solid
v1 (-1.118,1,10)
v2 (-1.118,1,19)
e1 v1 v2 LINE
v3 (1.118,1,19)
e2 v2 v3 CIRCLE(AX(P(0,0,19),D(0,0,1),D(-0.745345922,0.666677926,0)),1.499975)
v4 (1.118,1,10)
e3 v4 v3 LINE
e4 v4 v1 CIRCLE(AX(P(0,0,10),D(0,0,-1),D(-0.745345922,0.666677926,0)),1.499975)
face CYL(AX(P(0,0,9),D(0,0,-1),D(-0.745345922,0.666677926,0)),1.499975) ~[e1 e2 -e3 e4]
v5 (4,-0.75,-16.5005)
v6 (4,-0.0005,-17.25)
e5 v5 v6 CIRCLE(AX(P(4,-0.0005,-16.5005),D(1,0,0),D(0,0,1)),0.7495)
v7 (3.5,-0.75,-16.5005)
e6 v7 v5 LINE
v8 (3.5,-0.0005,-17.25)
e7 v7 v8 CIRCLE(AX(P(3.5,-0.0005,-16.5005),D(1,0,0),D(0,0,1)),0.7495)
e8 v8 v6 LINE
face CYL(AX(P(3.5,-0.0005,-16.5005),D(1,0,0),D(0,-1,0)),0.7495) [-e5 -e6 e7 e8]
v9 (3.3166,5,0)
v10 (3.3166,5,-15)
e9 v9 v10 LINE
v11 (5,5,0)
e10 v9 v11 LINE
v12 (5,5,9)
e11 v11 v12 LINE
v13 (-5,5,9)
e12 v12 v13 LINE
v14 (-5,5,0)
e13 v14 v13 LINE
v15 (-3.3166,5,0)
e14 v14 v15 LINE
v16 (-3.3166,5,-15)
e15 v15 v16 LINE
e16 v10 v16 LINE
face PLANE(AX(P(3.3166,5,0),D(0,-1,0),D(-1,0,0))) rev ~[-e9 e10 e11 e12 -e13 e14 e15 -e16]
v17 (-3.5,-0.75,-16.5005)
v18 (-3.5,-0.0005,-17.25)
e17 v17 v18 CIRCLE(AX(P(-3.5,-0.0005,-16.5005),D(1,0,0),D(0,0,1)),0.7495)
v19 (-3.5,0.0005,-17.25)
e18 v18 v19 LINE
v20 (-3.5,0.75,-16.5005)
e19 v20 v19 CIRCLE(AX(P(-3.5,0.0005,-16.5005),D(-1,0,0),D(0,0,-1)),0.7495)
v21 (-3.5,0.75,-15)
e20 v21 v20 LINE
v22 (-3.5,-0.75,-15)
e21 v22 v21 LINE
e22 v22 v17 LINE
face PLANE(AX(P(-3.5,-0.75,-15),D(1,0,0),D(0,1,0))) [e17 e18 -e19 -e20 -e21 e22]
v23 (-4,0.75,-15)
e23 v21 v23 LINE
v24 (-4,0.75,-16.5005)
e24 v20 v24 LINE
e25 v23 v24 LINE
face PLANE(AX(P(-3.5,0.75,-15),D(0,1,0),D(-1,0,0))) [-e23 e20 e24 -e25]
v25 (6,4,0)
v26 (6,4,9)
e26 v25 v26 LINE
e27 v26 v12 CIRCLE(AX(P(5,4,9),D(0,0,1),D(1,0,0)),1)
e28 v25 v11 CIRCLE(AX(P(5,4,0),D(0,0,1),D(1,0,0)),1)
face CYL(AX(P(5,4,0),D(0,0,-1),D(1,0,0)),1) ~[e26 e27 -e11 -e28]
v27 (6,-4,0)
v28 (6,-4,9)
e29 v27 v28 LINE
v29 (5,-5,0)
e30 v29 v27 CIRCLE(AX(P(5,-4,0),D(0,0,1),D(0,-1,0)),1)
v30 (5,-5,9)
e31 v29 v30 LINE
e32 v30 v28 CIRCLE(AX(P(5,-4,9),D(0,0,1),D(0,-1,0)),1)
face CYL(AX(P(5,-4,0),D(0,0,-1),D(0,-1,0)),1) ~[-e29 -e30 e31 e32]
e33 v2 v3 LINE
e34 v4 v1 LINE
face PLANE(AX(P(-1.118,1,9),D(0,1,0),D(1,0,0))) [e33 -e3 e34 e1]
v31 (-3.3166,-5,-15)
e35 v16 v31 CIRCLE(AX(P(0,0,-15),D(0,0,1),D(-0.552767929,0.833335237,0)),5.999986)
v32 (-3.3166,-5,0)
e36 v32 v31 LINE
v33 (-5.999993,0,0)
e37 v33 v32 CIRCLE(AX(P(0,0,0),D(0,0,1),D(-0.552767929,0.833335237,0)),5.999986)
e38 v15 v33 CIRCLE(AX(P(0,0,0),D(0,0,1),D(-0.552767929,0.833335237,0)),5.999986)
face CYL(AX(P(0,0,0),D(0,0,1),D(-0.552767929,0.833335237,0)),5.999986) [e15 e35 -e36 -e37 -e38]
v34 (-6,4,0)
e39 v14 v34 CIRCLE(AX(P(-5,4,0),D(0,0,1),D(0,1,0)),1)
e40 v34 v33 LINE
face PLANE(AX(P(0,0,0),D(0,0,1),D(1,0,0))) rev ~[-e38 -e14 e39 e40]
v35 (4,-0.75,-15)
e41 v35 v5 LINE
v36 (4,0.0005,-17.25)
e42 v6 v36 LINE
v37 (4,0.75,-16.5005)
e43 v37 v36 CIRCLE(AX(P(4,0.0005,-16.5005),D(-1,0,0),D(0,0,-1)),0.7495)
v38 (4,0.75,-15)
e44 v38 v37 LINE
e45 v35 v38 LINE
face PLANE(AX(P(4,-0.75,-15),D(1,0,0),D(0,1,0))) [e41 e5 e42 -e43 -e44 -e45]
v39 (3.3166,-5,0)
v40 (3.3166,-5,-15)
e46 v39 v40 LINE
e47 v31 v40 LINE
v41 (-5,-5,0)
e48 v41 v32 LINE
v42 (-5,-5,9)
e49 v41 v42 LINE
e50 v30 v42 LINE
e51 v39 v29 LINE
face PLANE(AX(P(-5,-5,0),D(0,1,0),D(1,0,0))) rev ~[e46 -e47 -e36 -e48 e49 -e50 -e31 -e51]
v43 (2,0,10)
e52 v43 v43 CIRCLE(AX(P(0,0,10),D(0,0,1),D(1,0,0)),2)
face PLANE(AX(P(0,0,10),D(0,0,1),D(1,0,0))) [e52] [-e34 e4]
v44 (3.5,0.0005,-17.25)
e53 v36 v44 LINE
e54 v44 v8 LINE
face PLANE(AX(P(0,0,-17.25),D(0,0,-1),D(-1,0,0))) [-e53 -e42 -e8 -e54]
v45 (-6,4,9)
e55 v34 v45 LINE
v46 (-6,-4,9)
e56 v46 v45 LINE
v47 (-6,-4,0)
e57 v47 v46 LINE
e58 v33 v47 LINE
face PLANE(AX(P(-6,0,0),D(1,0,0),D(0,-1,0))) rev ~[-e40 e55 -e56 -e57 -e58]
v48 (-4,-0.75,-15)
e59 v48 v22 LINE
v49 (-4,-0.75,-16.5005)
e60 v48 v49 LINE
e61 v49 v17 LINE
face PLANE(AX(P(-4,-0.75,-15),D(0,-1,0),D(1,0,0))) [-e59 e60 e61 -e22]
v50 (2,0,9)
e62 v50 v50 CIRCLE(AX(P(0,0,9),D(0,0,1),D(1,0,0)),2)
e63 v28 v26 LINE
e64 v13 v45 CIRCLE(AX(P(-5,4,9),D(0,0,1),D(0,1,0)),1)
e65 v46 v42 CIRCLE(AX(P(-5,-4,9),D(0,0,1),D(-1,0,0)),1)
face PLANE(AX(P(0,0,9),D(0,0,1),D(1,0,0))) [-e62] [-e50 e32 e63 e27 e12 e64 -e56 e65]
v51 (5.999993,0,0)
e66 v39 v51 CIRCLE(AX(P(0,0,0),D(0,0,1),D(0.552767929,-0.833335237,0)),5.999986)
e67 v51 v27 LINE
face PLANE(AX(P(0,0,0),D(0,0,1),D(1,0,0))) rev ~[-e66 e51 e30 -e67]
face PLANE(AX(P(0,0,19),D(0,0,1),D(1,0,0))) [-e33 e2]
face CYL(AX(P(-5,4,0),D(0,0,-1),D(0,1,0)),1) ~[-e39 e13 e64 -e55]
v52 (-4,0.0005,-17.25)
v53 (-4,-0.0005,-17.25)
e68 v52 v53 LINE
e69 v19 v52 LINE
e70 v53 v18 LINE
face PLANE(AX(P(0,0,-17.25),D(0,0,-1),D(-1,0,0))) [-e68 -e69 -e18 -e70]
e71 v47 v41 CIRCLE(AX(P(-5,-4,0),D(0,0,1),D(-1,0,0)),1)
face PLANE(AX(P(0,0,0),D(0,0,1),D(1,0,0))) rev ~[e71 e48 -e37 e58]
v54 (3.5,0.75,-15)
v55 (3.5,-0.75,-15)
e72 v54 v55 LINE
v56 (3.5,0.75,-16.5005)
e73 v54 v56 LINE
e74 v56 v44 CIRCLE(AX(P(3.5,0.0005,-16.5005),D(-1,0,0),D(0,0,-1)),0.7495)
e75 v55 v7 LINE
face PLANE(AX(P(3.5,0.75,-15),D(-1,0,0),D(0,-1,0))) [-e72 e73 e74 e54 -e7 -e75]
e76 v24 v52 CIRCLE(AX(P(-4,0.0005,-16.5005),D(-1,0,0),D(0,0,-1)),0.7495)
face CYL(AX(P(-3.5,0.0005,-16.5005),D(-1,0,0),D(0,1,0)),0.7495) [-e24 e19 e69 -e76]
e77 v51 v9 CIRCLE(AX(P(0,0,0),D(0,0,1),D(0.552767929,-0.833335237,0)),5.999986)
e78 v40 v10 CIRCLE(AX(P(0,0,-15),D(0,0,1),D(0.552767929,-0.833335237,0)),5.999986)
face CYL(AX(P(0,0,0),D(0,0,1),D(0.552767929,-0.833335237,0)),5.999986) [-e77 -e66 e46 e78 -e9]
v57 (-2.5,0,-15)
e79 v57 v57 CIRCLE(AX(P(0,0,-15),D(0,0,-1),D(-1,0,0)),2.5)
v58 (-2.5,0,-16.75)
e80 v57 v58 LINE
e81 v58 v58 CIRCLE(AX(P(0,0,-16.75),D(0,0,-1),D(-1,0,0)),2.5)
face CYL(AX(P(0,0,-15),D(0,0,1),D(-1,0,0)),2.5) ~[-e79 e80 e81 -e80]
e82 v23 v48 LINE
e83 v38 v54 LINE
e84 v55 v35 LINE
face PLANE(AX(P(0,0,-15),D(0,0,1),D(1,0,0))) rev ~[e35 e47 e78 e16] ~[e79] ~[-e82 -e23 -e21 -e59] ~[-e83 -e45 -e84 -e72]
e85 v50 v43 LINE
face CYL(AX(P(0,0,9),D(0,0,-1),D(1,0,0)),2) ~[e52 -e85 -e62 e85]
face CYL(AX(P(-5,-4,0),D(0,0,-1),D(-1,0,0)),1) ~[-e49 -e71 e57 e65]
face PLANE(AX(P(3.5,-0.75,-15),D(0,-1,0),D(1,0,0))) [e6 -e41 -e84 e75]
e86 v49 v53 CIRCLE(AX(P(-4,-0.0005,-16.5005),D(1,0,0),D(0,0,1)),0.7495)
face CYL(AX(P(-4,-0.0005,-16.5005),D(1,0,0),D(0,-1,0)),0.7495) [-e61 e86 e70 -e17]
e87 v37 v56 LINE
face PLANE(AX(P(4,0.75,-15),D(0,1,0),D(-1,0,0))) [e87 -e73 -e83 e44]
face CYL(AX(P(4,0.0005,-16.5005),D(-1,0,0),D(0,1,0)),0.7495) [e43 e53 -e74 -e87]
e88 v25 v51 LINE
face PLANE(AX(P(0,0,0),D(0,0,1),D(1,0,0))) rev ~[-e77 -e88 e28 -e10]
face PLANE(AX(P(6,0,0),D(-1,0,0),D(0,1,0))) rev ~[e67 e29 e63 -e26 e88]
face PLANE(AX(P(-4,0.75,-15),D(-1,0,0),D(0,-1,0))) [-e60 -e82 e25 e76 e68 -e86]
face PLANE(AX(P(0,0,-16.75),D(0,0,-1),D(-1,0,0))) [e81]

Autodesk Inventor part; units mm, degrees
ref_plane "YZ Plane" through (0, 0, 0) normal (1, 0, 0) x (0, 1, 0)
ref_plane "XZ Plane" through (0, 0, 0) normal (0, 1, 0) x (-1, 0, 0)
ref_plane "XY Plane" through (0, 0, 0) normal (0, 0, 1) x (1, 0, 0)
sketch "Эскиз2" plane through (0, 0, 0) normal (0, 0, 1) x (1, 0, 0)
  line L0 (-5, -5) -> (5, -5)
  line L1 (6, -4) -> (6, 4)
  line L2 (5, 5) -> (-5, 5)
  line L3 (-6, 4) -> (-6, -4)
  line L4 (-6, -5) -> (6, 5) construction
  line L5 (6, -5) -> (-6, 5) construction
  arc A0 (-5, 5) -> (-6, 4) centre (-5, 4) ccw
  arc A1 (6, 4) -> (5, 5) centre (5, 4) ccw
  arc A2 (5, -5) -> (6, -4) centre (5, -4) ccw
  arc A3 (-6, -4) -> (-5, -5) centre (-5, -4) ccw
  arc A4 (-3.3166, 5) -> (-3.3166, -5) centre (0, 0) ccw
  arc A5 (3.3166, -5) -> (3.3166, 5) centre (0, 0) ccw
  dimension "d0" = 12
  dimension "d1" = 10
  dimension "d2" = 1
extrude "Выдавливание1" add sketch "Эскиз2" against normal blind 15 contours A4 L2 A5 L0
extrude "Выдавливание2" add sketch "Эскиз2" along normal blind 9
sketch "Эскиз3" plane through (0, 0, 9) normal (0, 0, 1) x (1, 0, 0)
  arc A0 (-1.118, 1) -> (1.118, 1) centre (0, 0) ccw
  circle A1 centre (0, 0) radius 2
  line L0 (-1.118, 1) -> (1.118, 1)
  arc A2 (1.118, 1) -> (-1.118, 1) centre (0, 0) ccw construction
  dimension "d8" = 3
  dimension "d9" = 4
  dimension "d10" = 2.5
extrude "Выдавливание3" add sketch "Эскиз3" along normal blind 1 contours L0 A0 | A1
extrude "Выдавливание4" add sketch "Эскиз3" along normal blind 10 contours L0 A0
sketch "Эскиз4" plane through (0, 0, -15) normal (0, 0, -1) x (-1, 0, 0)
  circle A0 centre (0, 0) radius 2.5
  line L0 (-4, 0.75) -> (-3.5, 0.75)
  line L1 (-3.5, 0.75) -> (-3.5, -0.75)
  line L2 (-3.5, -0.75) -> (-4, -0.75)
  line L3 (-4, -0.75) -> (-4, 0.75)
  line L4 (3.5, 0.75) -> (4, 0.75)
  line L5 (4, 0.75) -> (4, -0.75)
  line L6 (4, -0.75) -> (3.5, -0.75)
  line L7 (3.5, -0.75) -> (3.5, 0.75)
  line L8 (-3.5, 0) -> (3.5, 0) construction
  dimension "d15" = 5
  dimension "d18" = 8
  dimension "d19" = 7
  dimension "d20" = 1.5
extrude "Выдавливание5" add sketch "Эскиз4" along normal blind 1.75 contours A0
extrude "Выдавливание6" add sketch "Эскиз4" along normal blind 2.25 contours L0 L1 L2 L3 | L4 L5 L6 L7
fillet "Сопряжение1" radius 0.75 4 edges at (3.75, 0.75, -17.25) (3.75, -0.75, -17.25) (-3.75, 0.75, -17.25) (-3.75, -0.75, -17.25)
properties part number "Мотор 15x12x10 с редуктоом"
